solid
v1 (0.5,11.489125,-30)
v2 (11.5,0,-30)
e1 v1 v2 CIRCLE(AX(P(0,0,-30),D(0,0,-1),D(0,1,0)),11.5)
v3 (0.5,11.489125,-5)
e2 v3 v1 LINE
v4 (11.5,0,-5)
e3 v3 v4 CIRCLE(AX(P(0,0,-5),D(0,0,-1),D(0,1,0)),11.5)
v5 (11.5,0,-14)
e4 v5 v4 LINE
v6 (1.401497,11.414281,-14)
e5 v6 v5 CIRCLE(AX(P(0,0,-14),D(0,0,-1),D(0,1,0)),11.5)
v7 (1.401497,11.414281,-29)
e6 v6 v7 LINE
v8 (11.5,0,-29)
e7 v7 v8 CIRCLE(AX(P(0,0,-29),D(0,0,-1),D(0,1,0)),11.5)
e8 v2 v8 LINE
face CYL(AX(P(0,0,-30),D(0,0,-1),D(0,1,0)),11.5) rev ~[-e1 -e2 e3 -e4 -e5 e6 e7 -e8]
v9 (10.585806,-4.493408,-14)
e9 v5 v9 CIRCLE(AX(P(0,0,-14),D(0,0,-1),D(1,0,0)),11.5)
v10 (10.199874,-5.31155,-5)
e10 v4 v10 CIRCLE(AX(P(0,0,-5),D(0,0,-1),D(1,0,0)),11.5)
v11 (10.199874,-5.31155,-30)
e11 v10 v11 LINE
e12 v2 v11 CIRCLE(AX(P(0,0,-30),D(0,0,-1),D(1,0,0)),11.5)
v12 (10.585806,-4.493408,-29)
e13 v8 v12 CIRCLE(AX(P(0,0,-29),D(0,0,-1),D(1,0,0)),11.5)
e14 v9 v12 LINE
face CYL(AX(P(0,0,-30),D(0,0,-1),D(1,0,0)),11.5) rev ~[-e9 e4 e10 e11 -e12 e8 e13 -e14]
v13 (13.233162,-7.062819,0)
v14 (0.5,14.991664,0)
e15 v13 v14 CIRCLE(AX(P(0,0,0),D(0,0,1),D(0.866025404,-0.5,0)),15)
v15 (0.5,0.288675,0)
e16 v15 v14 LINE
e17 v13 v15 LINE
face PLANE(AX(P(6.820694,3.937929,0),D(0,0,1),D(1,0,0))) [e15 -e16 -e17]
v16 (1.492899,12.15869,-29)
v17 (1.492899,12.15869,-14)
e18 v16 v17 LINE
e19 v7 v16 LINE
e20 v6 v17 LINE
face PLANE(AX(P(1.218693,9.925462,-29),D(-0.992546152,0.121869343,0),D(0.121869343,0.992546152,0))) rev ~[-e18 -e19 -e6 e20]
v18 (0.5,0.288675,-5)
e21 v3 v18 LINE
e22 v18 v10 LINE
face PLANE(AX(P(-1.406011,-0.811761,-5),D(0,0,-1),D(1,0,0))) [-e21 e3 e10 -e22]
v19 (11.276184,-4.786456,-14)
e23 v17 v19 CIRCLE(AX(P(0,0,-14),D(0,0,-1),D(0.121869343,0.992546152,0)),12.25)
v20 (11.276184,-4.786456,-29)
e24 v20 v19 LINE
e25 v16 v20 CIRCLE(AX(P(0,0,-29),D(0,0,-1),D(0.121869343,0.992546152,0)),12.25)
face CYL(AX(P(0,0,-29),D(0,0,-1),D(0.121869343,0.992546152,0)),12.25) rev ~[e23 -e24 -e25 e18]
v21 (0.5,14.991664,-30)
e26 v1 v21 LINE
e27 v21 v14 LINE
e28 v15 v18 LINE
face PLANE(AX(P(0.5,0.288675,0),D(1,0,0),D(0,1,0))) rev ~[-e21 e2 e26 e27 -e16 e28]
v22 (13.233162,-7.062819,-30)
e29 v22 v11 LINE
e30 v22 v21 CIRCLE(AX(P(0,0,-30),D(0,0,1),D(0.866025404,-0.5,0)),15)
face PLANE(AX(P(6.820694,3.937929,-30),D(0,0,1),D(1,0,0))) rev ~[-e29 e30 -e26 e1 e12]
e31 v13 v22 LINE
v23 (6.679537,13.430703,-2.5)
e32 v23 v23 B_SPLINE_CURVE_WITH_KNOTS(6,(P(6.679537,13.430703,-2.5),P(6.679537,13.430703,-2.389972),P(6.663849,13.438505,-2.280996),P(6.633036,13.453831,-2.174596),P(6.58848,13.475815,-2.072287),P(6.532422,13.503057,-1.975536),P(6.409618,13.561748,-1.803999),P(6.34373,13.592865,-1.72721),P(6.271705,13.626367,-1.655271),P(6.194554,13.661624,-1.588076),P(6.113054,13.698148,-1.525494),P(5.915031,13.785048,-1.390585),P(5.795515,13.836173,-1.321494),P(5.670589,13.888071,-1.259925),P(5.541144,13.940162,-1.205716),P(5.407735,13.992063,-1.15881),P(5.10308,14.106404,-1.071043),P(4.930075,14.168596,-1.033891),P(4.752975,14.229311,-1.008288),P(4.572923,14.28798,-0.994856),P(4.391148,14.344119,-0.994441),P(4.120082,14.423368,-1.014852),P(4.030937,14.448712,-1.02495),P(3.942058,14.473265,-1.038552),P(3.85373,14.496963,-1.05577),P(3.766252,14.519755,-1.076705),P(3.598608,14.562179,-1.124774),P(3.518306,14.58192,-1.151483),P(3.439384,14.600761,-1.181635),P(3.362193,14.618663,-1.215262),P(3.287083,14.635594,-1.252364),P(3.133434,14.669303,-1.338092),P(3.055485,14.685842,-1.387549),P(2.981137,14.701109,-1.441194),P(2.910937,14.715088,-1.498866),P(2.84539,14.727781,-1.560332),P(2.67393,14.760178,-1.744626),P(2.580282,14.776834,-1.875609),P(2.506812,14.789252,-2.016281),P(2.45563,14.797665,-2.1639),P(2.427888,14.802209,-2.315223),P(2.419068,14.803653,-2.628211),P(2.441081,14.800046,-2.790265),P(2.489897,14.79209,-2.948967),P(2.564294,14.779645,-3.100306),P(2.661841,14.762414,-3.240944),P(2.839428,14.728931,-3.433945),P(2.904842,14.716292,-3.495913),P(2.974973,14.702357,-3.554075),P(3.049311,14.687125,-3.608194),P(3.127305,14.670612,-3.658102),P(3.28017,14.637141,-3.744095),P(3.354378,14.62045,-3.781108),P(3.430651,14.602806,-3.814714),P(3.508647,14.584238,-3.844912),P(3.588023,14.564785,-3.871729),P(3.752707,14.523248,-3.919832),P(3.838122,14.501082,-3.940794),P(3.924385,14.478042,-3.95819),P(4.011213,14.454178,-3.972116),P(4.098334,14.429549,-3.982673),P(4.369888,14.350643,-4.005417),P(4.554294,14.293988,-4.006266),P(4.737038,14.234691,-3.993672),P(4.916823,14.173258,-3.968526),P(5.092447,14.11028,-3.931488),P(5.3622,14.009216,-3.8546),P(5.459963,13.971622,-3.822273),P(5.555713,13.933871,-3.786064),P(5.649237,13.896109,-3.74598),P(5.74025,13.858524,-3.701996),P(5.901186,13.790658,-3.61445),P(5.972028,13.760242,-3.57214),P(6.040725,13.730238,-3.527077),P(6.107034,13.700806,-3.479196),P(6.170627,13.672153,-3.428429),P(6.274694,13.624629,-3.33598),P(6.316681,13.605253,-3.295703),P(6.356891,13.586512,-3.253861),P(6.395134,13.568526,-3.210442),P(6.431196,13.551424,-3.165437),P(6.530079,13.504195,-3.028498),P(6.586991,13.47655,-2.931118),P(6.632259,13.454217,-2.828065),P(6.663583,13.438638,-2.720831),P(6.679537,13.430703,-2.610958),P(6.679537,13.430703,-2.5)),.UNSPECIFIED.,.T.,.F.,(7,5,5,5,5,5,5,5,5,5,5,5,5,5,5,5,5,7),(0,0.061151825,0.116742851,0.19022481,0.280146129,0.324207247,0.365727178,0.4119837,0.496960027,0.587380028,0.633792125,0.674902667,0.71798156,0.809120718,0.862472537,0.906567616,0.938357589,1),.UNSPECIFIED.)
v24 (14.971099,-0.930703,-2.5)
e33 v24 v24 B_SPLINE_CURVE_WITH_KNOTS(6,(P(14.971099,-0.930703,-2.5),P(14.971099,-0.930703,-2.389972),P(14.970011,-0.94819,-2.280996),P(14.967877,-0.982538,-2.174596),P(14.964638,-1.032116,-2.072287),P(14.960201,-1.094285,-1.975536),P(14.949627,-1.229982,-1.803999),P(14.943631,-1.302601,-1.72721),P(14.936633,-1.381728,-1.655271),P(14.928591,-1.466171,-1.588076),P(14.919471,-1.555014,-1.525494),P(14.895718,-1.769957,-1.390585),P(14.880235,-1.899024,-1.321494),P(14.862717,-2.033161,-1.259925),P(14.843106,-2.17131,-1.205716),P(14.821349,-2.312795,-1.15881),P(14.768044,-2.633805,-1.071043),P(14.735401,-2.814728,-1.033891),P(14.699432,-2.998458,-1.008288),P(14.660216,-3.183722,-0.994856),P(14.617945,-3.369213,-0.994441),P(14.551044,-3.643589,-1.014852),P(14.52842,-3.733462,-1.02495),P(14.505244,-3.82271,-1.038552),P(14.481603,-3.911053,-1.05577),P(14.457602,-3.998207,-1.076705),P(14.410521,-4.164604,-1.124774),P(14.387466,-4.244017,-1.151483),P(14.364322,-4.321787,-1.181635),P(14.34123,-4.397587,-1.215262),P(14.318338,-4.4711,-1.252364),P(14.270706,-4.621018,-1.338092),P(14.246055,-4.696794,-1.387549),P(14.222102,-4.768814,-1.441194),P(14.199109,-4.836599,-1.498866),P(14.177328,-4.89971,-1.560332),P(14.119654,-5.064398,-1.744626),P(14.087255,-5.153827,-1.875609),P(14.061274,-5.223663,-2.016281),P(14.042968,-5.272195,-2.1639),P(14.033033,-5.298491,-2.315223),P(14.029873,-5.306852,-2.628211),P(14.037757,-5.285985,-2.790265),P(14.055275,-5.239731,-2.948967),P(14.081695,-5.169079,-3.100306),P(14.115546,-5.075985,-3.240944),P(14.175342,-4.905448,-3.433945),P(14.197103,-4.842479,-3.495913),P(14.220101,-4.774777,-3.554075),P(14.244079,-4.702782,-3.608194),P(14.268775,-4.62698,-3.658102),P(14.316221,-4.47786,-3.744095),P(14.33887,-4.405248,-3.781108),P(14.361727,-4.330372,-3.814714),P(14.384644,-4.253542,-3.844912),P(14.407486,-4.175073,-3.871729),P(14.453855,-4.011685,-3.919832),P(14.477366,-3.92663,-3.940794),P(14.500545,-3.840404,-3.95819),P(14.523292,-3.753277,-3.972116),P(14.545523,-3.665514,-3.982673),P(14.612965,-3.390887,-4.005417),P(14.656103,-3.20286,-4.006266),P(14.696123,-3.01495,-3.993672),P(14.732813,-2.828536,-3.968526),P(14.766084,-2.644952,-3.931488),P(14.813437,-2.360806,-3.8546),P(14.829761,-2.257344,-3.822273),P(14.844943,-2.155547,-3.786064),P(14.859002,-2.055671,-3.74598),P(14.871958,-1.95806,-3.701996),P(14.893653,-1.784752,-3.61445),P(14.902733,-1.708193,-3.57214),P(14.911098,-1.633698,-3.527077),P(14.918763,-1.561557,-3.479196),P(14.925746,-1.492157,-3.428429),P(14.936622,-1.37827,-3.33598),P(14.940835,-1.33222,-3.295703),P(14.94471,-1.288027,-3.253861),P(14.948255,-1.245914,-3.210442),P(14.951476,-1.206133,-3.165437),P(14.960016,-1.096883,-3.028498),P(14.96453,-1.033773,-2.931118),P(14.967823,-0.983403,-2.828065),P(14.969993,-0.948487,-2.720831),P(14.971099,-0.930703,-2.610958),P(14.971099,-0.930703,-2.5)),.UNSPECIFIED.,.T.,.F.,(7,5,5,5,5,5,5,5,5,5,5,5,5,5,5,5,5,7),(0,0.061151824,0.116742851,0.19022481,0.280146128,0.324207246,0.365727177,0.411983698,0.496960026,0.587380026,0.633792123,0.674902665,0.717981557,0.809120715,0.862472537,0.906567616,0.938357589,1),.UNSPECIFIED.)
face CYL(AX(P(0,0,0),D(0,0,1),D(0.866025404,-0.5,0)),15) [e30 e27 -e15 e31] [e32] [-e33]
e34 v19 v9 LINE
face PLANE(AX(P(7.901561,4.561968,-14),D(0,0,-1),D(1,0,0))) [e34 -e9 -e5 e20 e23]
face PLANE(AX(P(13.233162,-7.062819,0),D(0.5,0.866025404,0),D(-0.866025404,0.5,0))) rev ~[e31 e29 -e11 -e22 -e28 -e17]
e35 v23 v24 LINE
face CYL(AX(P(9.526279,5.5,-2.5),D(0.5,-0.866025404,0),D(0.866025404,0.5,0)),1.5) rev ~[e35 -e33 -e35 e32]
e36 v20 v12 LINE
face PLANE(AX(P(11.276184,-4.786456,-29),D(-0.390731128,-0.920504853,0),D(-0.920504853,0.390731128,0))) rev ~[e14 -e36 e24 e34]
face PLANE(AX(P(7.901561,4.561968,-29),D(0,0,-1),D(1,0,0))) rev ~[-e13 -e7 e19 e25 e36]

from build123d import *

# Parameters (mm, degrees)
F1_DEPTH  = 30
F3_DEPTH  = 25
F5_R      = 1.5
F6_DEPTH  = 13.5
F8_DEPTH  = 30
F11_DEPTH = 15


with BuildPart() as f1:
    # F0 (on Top) → F1 (new body)
    with BuildSketch(Plane.XY):
        with BuildLine():
            Line((0, 0), (12.9903810568, -7.5))
            ThreePointArc((12.9903810568, -7.5), (12.9903810568, 7.5), (0, 15))
            Line((0, 15), (0, 0))
        make_face()
    extrude(amount=-F1_DEPTH)

    # F2 (on face) → F3 (cut)
    with BuildSketch(Plane(origin=(0, 0, -30), x_dir=(1, 0, 0), z_dir=(0, 0, -1))):
        with BuildLine():
            Line((0, 0), (9.9592921435, 5.75))
            ThreePointArc((9.9592921435, 5.75), (-9.9592921435, 5.75), (0, -11.5))
            Line((0, -11.5), (0, 0))
        make_face()
        with BuildLine():
            ThreePointArc((0, -11.5), (8.1317279836, -8.1317279836), (11.5, 0))
            ThreePointArc((11.5, 0), (11.1081470023, 2.9764190187), (9.9592921435, 5.75))
            Line((9.9592921435, 5.75), (0, 0))
            Line((0, 0), (0, -11.5))
        make_face()
    extrude(amount=-F3_DEPTH, mode=Mode.SUBTRACT)

    # F5 (on face) → F6 (cut, symmetric)
    with BuildSketch(Plane(origin=(0, 0, 0), x_dir=(0.8660254038, 0.5, 0), z_dir=(0.5, -0.8660254038, 0))):
        with Locations((11, -2.5)):
            Circle(F5_R)
    extrude(amount=F6_DEPTH, both=True, mode=Mode.SUBTRACT)

    # F7 (on face) → F8 (cut)
    with BuildSketch(Plane.XY):
        with BuildLine():
            ThreePointArc((0, 15), (0.2500347391, 14.9979159429), (0.5, 14.9916643506))
            Line((0.5, 14.9916643506), (0.5, 16.4106432348))
            Line((0.5, 16.4106432348), (-0.9136777371, 16.4106432348))
            Line((-0.9136777371, 16.4106432348), (-0.9136777371, -10.8329579234))
            Line((-0.9136777371, -10.8329579234), (14.0083907078, -10.8329579234))
            Line((14.0083907078, -10.8329579234), (14.0083907078, -7.5103978769))
            Line((14.0083907078, -7.5103978769), (13.2331621726, -7.0628194734))
            ThreePointArc((13.2331621726, -7.0628194734), (13.1135935799, -7.2824215355), (12.9903810568, -7.5))
            Line((12.9903810568, -7.5), (0, 0))
            Line((0, 0), (0, 15))
        make_face()
        with BuildLine():
            Line((13.2331621726, -7.0628194734), (0.5, 0.2886751346))
            Line((0.5, 0.2886751346), (0.5, 14.9916643506))
            ThreePointArc((0.5, 14.9916643506), (0.2500347391, 14.9979159429), (0, 15))
            Line((0, 15), (0, 0))
            Line((0, 0), (12.9903810568, -7.5))
            ThreePointArc((12.9903810568, -7.5), (13.1135935799, -7.2824215355), (13.2331621726, -7.0628194734))
        make_face()
    extrude(amount=-F8_DEPTH, mode=Mode.SUBTRACT)

    # F10 (on offset) → F11 (cut)
    with BuildSketch(Plane(origin=(0, 0, -29), x_dir=(1, 0, 0), z_dir=(0, 0, -1))):
        with BuildLine():
            ThreePointArc((9.2050485345, 3.9073112849), (8.6602540378, -5), (1.2186934341, -9.9254615164))
            Line((1.2186934341, -9.9254615164), (1.4928994567, -12.1586903576))
            ThreePointArc((1.4928994567, -12.1586903576), (10.6088111964, -6.125), (11.2761844548, 4.786456324))
            Line((11.2761844548, 4.786456324), (9.2050485345, 3.9073112849))
        make_face()
    extrude(amount=-F11_DEPTH, mode=Mode.SUBTRACT)


solid = f1.part
